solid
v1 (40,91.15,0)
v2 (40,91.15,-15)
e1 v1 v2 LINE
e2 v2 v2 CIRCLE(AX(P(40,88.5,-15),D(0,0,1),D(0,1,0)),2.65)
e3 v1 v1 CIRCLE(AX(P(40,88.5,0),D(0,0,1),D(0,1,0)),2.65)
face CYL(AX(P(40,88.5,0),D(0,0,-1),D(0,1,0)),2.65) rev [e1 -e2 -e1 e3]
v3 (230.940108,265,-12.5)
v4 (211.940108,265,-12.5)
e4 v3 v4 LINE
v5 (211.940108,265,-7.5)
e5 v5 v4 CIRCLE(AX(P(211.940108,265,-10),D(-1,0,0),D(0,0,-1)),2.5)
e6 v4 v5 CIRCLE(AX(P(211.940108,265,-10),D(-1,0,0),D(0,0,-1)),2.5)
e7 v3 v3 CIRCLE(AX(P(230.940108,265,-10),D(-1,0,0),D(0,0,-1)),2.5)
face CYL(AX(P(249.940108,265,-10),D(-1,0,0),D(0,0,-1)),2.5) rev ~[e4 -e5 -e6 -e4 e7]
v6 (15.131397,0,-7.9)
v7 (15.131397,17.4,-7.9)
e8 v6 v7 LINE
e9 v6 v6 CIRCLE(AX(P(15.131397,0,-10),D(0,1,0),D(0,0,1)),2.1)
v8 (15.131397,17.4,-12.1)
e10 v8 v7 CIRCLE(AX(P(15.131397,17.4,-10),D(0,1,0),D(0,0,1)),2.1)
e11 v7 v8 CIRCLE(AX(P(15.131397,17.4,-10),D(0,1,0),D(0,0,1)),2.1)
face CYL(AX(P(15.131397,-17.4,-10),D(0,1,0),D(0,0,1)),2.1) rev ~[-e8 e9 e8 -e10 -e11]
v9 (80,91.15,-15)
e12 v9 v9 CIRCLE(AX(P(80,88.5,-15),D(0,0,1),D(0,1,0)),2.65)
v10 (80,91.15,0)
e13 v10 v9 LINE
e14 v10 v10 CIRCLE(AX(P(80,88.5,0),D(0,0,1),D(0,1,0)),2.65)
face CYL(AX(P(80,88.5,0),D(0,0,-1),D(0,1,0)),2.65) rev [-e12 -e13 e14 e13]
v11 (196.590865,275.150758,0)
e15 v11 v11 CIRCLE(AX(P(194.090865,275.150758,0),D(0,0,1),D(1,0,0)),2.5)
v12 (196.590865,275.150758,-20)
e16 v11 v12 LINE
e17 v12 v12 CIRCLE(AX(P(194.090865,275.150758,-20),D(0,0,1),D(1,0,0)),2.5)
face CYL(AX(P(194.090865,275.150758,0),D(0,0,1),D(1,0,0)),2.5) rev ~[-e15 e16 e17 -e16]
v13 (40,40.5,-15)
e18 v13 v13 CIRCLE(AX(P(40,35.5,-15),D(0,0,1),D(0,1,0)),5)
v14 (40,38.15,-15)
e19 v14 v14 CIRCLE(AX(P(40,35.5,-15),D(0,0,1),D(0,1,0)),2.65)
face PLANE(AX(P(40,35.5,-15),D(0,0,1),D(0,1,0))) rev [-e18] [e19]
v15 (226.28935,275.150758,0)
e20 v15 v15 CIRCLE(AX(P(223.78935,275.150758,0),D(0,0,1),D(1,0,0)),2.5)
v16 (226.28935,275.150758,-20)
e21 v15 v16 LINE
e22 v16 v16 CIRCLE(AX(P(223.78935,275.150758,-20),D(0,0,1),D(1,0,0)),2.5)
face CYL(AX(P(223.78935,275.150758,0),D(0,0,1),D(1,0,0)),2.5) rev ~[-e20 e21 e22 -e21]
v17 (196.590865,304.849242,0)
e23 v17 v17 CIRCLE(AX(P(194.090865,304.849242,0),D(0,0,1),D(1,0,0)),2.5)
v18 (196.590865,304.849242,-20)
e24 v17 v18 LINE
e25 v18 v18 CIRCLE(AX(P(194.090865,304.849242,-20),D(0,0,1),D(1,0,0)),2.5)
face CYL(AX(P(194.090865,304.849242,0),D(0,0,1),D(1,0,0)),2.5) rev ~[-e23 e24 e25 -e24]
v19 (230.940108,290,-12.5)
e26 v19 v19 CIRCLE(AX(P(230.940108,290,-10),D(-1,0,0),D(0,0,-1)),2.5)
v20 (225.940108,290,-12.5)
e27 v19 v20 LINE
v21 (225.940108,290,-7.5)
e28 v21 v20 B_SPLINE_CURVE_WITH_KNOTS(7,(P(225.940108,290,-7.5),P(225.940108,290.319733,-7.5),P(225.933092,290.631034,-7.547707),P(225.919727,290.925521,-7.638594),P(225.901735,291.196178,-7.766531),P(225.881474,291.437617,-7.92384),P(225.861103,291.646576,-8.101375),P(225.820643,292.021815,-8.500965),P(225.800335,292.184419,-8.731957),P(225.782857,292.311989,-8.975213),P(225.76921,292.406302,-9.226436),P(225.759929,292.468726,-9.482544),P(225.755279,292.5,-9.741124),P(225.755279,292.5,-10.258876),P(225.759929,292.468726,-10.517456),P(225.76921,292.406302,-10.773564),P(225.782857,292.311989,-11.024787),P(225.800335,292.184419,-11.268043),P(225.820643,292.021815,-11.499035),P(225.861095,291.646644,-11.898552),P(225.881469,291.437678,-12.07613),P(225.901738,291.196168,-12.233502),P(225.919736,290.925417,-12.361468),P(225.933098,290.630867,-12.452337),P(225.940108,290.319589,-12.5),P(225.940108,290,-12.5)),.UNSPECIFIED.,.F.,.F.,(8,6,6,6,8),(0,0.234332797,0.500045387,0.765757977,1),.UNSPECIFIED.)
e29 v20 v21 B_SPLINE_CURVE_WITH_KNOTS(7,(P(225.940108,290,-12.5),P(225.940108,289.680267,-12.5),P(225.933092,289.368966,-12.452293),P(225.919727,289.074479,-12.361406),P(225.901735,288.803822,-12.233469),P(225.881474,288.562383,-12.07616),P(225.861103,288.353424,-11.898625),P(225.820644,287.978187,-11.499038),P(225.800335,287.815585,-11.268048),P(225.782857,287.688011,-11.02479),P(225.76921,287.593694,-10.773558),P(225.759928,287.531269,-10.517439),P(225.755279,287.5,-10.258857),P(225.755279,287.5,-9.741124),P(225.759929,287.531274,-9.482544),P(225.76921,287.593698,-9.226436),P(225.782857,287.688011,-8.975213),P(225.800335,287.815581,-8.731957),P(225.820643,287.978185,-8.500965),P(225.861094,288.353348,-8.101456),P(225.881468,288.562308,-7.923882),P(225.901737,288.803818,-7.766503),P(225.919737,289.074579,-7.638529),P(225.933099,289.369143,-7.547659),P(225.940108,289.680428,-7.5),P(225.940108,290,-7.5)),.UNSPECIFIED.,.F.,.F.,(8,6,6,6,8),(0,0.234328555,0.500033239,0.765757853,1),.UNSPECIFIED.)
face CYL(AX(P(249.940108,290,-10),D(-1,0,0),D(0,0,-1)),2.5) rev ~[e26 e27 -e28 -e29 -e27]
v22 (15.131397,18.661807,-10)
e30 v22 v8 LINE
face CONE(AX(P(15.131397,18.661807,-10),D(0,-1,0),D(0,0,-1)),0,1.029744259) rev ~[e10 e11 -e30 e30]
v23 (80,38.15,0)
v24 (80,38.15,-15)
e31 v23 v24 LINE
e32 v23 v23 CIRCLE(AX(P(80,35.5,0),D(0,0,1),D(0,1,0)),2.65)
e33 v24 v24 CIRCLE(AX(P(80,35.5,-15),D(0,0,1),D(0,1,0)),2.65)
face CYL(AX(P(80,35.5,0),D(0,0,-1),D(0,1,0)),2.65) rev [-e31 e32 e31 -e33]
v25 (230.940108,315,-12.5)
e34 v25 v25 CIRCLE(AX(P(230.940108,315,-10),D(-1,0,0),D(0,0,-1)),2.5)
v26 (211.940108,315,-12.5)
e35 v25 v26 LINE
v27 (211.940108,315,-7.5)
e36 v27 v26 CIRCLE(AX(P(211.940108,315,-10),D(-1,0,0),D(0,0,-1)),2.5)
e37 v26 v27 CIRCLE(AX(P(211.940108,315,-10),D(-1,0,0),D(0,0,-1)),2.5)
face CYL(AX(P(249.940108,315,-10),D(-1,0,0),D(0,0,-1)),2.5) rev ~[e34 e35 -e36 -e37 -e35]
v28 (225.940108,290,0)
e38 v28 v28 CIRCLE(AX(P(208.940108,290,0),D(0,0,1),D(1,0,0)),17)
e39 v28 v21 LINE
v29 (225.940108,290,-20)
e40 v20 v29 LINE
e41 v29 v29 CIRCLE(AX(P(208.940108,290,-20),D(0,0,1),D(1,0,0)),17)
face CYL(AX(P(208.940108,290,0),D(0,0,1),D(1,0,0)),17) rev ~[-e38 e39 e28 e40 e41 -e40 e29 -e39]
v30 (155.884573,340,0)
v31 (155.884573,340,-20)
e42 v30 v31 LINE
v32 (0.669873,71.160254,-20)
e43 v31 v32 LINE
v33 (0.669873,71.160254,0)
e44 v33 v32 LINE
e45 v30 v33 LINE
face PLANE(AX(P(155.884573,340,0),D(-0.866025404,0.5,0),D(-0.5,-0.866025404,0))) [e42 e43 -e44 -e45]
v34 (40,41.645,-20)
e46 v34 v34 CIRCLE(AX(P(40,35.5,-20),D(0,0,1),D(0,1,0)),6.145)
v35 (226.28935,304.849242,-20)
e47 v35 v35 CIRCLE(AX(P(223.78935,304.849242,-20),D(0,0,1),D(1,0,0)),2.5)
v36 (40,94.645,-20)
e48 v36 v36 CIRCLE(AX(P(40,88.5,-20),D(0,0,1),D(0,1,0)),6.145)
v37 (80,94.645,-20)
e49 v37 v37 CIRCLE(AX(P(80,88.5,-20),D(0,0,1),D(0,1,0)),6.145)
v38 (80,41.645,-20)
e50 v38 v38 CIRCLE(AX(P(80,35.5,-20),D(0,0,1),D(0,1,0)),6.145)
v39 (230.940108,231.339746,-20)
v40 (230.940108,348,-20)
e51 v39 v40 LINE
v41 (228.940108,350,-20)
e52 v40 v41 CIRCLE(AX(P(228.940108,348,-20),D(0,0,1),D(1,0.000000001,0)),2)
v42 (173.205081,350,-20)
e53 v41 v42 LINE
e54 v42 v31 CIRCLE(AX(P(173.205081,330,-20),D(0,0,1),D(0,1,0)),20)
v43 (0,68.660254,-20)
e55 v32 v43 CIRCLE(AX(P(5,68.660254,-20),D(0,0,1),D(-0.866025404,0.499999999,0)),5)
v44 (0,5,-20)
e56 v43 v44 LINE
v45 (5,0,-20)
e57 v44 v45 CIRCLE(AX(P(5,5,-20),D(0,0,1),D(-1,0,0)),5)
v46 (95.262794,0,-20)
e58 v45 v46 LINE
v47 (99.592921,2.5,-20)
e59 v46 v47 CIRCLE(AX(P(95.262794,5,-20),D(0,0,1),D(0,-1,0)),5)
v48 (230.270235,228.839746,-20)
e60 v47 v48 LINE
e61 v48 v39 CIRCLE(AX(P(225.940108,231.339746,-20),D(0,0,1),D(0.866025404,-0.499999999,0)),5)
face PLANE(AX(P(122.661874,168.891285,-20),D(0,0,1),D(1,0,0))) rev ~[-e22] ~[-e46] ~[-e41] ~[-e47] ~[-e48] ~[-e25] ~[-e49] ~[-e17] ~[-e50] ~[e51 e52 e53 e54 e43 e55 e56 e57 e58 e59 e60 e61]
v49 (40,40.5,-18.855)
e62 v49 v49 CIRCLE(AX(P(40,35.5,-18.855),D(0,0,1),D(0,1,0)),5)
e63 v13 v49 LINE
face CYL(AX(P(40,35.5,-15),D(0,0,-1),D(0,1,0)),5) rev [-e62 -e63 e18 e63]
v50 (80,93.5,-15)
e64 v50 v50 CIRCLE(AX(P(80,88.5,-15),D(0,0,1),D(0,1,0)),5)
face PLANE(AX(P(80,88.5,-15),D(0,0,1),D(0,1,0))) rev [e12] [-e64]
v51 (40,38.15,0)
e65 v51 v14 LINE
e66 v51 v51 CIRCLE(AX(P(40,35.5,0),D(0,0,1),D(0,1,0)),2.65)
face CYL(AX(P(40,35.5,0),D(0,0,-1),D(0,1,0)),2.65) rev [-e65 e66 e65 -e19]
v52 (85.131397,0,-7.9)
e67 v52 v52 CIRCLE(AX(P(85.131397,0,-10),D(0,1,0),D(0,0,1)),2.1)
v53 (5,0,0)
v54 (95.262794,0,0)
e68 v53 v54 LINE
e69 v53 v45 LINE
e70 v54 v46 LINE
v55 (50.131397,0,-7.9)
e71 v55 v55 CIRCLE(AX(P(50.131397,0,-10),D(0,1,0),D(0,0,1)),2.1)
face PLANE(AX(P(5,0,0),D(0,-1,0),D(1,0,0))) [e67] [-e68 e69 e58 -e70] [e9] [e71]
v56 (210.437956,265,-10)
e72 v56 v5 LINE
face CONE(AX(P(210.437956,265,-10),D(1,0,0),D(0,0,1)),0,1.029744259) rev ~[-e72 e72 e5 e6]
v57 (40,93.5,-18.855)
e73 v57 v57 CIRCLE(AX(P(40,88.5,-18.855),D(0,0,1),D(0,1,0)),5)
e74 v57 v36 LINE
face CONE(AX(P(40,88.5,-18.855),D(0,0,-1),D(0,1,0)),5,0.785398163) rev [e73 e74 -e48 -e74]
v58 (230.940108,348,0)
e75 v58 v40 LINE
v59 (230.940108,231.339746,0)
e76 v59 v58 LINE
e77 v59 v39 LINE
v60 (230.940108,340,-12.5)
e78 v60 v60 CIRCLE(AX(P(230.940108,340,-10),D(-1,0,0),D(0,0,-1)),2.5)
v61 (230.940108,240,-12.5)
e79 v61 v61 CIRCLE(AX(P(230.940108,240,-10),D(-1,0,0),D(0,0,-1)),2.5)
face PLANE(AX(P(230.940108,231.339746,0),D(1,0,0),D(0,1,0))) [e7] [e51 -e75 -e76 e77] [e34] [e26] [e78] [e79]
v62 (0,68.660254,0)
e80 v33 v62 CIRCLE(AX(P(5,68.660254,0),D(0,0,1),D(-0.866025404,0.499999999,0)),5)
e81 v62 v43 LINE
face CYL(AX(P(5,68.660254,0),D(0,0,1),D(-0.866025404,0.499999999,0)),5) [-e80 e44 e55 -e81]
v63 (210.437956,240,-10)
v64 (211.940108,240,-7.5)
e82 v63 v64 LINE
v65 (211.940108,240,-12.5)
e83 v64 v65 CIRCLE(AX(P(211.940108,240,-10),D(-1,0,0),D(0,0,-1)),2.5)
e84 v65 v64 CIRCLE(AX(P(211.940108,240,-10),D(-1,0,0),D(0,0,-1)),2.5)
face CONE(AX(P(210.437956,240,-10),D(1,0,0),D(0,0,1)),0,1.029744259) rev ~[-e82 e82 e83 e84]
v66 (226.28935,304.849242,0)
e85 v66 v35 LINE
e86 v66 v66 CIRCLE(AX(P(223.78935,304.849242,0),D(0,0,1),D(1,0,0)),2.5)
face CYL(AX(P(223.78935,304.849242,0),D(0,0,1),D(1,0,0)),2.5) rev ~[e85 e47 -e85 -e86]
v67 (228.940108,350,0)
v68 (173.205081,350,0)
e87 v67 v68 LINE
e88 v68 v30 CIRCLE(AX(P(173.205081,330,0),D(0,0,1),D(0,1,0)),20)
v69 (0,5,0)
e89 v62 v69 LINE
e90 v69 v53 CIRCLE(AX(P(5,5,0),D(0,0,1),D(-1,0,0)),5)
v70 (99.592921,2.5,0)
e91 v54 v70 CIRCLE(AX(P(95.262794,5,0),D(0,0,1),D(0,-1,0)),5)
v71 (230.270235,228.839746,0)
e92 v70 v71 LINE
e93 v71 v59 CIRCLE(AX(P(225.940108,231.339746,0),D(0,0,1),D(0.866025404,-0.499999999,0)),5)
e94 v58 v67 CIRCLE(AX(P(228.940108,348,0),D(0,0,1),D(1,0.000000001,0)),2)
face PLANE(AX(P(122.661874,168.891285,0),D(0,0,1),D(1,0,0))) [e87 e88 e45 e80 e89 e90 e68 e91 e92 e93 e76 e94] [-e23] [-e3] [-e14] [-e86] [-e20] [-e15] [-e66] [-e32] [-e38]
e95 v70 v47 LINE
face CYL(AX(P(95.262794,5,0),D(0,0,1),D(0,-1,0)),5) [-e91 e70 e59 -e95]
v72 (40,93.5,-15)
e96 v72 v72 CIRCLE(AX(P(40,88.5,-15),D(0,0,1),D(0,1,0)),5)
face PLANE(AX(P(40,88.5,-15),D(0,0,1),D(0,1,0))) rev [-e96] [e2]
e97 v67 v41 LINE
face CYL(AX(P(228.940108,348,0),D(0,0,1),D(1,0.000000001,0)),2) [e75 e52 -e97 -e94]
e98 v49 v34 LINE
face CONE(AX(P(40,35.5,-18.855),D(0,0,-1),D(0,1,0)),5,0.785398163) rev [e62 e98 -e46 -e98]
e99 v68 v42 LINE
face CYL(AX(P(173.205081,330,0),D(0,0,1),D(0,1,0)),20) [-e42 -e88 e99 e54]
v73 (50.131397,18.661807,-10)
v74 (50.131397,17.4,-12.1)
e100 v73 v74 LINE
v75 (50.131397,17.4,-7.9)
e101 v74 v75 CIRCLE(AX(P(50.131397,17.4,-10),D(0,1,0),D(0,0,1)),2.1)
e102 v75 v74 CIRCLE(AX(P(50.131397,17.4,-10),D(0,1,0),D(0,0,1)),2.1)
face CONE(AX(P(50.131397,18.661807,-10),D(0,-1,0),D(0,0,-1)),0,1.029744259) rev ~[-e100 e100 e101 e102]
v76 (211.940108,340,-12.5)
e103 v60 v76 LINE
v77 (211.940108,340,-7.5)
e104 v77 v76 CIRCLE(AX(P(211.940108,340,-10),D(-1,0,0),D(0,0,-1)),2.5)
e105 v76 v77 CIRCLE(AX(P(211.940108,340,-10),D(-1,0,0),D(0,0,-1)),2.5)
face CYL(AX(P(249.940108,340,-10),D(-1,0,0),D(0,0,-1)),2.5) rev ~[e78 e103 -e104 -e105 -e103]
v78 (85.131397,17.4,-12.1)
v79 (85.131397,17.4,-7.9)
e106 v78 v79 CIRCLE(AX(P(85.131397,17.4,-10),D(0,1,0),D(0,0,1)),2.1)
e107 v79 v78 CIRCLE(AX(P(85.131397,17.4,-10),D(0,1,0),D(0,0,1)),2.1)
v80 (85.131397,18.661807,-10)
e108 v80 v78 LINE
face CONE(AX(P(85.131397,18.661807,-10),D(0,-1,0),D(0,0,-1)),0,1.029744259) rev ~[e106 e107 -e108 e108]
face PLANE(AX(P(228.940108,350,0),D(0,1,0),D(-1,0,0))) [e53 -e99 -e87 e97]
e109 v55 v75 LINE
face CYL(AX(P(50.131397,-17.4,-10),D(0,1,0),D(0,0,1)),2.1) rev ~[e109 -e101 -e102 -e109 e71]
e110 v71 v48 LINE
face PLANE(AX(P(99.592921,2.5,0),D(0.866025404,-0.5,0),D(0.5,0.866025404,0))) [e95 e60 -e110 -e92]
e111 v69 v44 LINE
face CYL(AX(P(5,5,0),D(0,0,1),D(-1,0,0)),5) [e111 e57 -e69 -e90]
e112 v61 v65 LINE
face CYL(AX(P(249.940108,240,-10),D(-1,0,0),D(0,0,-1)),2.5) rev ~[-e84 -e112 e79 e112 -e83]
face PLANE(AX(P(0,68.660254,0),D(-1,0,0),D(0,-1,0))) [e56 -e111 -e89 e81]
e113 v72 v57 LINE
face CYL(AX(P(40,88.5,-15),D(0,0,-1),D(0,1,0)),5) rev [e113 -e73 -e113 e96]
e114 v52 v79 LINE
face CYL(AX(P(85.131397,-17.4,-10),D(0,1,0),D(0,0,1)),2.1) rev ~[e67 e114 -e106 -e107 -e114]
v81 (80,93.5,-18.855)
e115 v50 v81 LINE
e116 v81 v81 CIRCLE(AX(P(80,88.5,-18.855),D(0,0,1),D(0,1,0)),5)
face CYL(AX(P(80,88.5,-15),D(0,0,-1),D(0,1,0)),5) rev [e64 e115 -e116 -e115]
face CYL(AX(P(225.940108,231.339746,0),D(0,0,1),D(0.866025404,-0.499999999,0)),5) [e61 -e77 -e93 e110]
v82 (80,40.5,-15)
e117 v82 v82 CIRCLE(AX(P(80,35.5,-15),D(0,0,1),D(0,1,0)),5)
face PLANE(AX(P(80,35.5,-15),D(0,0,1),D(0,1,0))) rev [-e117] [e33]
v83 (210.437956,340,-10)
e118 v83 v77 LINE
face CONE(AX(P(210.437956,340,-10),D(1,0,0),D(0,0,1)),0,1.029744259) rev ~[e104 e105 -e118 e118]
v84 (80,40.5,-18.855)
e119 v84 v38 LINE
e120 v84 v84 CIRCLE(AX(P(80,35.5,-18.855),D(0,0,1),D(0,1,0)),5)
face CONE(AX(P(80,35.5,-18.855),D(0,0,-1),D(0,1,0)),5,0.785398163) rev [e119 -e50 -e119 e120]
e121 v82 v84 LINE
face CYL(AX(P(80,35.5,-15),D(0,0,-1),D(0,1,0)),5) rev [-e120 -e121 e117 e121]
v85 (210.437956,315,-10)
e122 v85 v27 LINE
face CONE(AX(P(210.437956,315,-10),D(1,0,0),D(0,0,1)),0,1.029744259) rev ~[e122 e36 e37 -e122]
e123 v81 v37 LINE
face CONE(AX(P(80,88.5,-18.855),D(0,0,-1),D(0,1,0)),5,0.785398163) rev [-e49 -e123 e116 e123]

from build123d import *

# Parameters (mm, degrees)
SCHIZZO1_R                    = 17
SCHIZZO1_R_2                  = 2.5
ESTRUSIONE_ESTRUSIONE2_DEPTH  = 20
M5_TAPPED_HOLE1_D             = 4.2
M5_TAPPED_HOLE1_DEPTH         = 17.4
M5_TAPPED_HOLE1_TIP           = 1.2618073
CBORE_FOR_M5_SHCS1_AT_2_COUNT = 2
CBORE_FOR_M5_SHCS1_AT_2_PITCH = 53
CBORE_FOR_M5_SHCS1_AT_3_COUNT = 2
CBORE_FOR_M5_SHCS1_AT_3_PITCH = 66.400301204
CBORE_FOR_M5_SHCS1_AT_4_COUNT = 2
CBORE_FOR_M5_SHCS1_AT_4_PITCH = 40
M6_TAPPED_HOLE1_D             = 5
M6_TAPPED_HOLE1_DEPTH         = 19
M6_TAPPED_HOLE1_TIP           = 1.502151548


with BuildPart() as part:
    # Schizzo1 → Estrusione-Estrusione2 (new body)
    with BuildSketch(Plane.XY):
        with BuildLine():
            Line((5, 0), (95.262794416, 0))
            ThreePointArc((95.262794416, 0), (97.762794416, 0.669872981), (99.592921435, 2.5))
            Line((99.592921435, 2.5), (230.270234695, 228.839745962))
            ThreePointArc((230.270234695, 228.839745962), (230.769736807, 230.045650737), (230.940107676, 231.339745962))
            Line((230.940107676, 231.339745962), (230.940107676, 348))
            ThreePointArc((230.940107676, 348), (230.354321238, 349.414213562), (228.940107676, 350))
            Line((228.940107676, 350), (173.205080757, 350))
            ThreePointArc((173.205080757, 350), (163.205080757, 347.320508076), (155.884572681, 340))
            Line((155.884572681, 340), (0.669872981, 71.160254038))
            ThreePointArc((0.669872981, 71.160254038), (0.170370869, 69.954349263), (0, 68.660254038))
            Line((0, 68.660254038), (0, 5))
            ThreePointArc((0, 5), (1.464466094, 1.464466094), (5, 0))
        make_face()
        with Locations((208.940107676, 290)):
            Circle(SCHIZZO1_R, mode=Mode.SUBTRACT)
        with Locations((223.789350081, 304.849242405)):
            Circle(SCHIZZO1_R_2, mode=Mode.SUBTRACT)
        with Locations((223.789350081, 275.150757595)):
            Circle(SCHIZZO1_R_2, mode=Mode.SUBTRACT)
        with Locations((194.090865271, 275.150757595)):
            Circle(SCHIZZO1_R_2, mode=Mode.SUBTRACT)
        with Locations((194.090865271, 304.849242405)):
            Circle(SCHIZZO1_R_2, mode=Mode.SUBTRACT)
    extrude(amount=-ESTRUSIONE_ESTRUSIONE2_DEPTH)

    # M5 Tapped Hole1
    with Locations(Plane(origin=(50.131397208, 0, -10), x_dir=(0, 0, -1), z_dir=(0, -1, 0))):
        with Locations((0, 0), (0, 35), (0, -35)):
            Hole(M5_TAPPED_HOLE1_D / 2, depth=M5_TAPPED_HOLE1_DEPTH)
            with Locations((0, 0, -(M5_TAPPED_HOLE1_DEPTH + M5_TAPPED_HOLE1_TIP / 2))):  # 118° drill point
                Cone(0, M5_TAPPED_HOLE1_D / 2, M5_TAPPED_HOLE1_TIP, mode=Mode.SUBTRACT)

    # Sketch5 → CBORE for M5 SHCS1 (revolve, cut)
    with BuildSketch(Plane(origin=(80, 88.5, -20), x_dir=(0, 1, 0), z_dir=(1, 0, 0))):
        Polygon((0, 0), (0, 20), (2.65, 20), (2.65, 5), (5, 5), (5, 1.145), (6.145, 0), align=None)
    cbore_for_m5_shcs1 = revolve(axis=Axis((80, 88.5, -26.35), (0, 0, 1)), mode=Mode.SUBTRACT)

    # CBORE for M5 SHCS1 at 2: CBORE for M5 SHCS1 ×2
    with Locations(*[(0, -i * CBORE_FOR_M5_SHCS1_AT_2_PITCH, 0) for i in range(1, CBORE_FOR_M5_SHCS1_AT_2_COUNT)]):
        add(cbore_for_m5_shcs1, mode=Mode.SUBTRACT)

    # CBORE for M5 SHCS1 at 3: CBORE for M5 SHCS1 ×2
    with Locations(*[Vector(-0.6024069059118721, -0.7981891503332309, 0) * (i * CBORE_FOR_M5_SHCS1_AT_3_PITCH) for i in range(1, CBORE_FOR_M5_SHCS1_AT_3_COUNT)]):
        add(cbore_for_m5_shcs1, mode=Mode.SUBTRACT)

    # CBORE for M5 SHCS1 at 4: CBORE for M5 SHCS1 ×2
    with Locations(*[(-i * CBORE_FOR_M5_SHCS1_AT_4_PITCH, 0, 0) for i in range(1, CBORE_FOR_M5_SHCS1_AT_4_COUNT)]):
        add(cbore_for_m5_shcs1, mode=Mode.SUBTRACT)

    # M6 Tapped Hole1
    with Locations(Plane(origin=(230.940107676, 340, -10), x_dir=(0, 0, 1), z_dir=(1, 0, 0))):
        with Locations((0, 0), (0, 25), (0, 50), (0, 75), (0, 100)):
            Hole(M6_TAPPED_HOLE1_D / 2, depth=M6_TAPPED_HOLE1_DEPTH)
            with Locations((0, 0, -(M6_TAPPED_HOLE1_DEPTH + M6_TAPPED_HOLE1_TIP / 2))):  # 118° drill point
                Cone(0, M6_TAPPED_HOLE1_D / 2, M6_TAPPED_HOLE1_TIP, mode=Mode.SUBTRACT)


solid = part.part
